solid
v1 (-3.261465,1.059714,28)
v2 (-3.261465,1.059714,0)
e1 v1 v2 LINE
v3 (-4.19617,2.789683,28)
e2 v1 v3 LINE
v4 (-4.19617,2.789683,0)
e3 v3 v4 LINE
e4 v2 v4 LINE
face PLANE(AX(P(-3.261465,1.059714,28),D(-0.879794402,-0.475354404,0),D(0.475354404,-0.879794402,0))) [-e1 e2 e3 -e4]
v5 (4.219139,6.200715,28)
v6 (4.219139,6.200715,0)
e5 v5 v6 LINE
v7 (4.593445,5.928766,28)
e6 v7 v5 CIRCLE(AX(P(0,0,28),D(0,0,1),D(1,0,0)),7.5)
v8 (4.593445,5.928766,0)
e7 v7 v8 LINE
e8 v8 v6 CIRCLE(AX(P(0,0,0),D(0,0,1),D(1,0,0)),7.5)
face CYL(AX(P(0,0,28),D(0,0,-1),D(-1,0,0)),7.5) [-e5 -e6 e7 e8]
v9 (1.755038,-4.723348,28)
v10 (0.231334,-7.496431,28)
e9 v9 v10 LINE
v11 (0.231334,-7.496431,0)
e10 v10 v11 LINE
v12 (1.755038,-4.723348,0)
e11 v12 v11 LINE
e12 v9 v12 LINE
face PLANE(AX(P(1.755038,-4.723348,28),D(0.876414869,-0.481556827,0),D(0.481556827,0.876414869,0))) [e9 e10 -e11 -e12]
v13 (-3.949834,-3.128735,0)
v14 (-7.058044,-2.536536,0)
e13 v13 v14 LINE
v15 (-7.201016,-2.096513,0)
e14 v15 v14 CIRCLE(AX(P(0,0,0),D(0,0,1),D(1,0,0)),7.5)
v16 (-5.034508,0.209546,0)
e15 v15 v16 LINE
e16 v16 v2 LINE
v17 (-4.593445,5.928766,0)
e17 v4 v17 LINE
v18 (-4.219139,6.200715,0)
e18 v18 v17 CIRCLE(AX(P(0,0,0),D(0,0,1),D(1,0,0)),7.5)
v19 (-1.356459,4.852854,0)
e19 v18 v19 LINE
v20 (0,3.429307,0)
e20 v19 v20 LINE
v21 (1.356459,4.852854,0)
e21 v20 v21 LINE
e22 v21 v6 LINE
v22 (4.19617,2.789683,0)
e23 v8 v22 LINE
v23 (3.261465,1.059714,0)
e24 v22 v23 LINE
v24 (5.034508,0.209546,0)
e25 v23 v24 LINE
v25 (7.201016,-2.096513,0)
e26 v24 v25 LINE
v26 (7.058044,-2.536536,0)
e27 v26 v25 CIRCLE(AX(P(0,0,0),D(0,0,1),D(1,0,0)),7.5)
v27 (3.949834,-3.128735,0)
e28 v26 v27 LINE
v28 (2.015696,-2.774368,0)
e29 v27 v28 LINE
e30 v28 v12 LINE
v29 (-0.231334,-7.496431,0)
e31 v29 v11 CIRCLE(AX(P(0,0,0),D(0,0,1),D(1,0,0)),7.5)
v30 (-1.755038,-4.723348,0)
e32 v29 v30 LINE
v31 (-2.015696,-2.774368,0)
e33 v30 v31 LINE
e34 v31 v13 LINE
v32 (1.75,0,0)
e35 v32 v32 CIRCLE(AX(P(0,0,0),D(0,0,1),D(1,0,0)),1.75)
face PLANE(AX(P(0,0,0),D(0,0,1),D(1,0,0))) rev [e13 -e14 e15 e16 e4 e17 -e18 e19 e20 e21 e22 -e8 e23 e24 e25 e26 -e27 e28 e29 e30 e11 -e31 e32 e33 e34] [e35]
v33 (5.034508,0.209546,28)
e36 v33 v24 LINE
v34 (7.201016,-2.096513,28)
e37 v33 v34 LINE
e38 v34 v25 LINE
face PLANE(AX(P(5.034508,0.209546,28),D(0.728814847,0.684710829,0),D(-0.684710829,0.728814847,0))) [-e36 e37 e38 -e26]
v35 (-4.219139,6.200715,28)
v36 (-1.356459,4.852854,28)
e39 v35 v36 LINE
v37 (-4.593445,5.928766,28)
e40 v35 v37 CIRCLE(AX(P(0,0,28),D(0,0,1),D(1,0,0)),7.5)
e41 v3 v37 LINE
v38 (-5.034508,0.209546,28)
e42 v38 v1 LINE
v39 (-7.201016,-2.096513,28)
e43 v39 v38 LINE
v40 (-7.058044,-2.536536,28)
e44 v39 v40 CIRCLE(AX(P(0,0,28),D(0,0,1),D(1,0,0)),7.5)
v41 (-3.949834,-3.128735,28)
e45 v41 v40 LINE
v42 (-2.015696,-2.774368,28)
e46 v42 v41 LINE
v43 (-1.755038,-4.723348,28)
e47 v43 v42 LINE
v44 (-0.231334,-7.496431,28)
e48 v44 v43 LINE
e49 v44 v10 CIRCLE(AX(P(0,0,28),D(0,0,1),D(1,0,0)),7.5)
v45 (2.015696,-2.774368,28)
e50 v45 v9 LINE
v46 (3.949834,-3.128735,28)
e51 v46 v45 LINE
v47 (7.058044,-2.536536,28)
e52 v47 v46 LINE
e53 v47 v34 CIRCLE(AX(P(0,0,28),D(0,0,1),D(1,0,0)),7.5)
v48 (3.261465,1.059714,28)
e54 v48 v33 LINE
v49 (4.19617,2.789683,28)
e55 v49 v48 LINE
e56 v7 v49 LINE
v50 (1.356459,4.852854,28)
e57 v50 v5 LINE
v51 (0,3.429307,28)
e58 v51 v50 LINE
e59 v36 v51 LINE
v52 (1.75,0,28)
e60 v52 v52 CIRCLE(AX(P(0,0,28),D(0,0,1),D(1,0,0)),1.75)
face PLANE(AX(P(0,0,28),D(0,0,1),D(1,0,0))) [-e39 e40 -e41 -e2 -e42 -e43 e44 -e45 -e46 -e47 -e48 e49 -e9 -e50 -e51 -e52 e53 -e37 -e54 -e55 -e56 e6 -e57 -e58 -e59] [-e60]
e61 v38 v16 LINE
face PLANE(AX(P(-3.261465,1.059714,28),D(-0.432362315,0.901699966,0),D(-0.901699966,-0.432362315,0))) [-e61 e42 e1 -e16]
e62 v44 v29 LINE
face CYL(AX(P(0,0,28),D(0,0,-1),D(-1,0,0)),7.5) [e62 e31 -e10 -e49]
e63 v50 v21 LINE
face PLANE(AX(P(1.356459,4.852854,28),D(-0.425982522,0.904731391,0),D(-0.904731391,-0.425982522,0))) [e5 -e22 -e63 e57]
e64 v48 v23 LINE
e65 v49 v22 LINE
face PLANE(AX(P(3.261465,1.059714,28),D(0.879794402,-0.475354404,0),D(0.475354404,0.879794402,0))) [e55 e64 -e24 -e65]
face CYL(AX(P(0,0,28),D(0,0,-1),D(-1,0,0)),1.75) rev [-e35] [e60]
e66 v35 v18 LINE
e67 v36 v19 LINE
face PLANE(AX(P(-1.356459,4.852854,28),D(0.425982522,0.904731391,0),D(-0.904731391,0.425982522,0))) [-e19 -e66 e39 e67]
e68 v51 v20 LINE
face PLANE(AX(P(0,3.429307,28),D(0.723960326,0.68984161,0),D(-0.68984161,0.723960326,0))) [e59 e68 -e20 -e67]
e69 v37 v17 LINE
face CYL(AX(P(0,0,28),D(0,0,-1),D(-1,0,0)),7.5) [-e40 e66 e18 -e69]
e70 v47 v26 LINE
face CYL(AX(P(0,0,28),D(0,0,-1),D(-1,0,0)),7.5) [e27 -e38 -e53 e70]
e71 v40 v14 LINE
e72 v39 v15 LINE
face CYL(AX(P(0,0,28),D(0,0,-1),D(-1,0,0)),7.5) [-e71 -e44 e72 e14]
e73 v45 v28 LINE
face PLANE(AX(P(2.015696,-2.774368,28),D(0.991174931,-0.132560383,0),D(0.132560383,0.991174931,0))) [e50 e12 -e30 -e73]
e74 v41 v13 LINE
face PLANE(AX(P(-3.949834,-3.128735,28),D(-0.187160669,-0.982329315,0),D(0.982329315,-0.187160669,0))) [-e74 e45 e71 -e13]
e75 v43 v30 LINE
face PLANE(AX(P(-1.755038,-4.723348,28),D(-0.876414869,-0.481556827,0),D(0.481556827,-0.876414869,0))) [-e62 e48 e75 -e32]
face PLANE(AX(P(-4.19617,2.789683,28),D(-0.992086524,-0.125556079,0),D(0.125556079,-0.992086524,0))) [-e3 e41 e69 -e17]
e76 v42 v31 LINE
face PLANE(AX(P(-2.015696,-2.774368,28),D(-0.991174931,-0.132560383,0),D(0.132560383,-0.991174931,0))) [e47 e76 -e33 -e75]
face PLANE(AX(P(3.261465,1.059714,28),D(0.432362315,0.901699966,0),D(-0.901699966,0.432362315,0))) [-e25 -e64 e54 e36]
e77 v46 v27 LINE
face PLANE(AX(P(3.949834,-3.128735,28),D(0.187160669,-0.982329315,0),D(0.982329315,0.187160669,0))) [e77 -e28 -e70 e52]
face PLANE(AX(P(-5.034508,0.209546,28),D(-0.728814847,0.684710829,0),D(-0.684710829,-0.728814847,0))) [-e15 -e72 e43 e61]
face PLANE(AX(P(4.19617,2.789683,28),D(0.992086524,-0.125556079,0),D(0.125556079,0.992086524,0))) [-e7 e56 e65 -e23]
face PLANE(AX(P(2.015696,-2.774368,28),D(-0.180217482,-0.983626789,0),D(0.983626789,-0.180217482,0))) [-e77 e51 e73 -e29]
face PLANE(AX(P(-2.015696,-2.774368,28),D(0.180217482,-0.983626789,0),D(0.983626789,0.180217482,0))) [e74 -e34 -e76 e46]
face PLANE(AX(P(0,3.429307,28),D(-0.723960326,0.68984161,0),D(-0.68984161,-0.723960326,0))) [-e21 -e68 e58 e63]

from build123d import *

# Parameters (mm, degrees)
SKETCH1_R           = 7.5
SKETCH1_R_2         = 1.75
BOSS_EXTRUDE1_DEPTH = 28
CUT_EXTRUDE1_DEPTH  = 30.941609843
CIRPATTERN1_COUNT   = 5


with BuildPart() as part:
    # Sketch1 → Boss-Extrude1 (new body)
    with BuildSketch(Plane.XY):
        Circle(SKETCH1_R)
        Circle(SKETCH1_R_2, mode=Mode.SUBTRACT)
    extrude(amount=BOSS_EXTRUDE1_DEPTH)

    # Sketch2 → Cut-Extrude1 (cut, through all)
    with BuildSketch(Plane.XY):
        Polygon((0, 3.429306859), (-1.35645876, 4.852854397), (-4.219139018, 6.200714954), (0, 11.25164702), (4.219139018, 6.200714954), (1.35645876, 4.852854397), align=None)
    cut_extrude1 = extrude(amount=CUT_EXTRUDE1_DEPTH, mode=Mode.SUBTRACT)

    # CirPattern1: Cut-Extrude1 ×5 about axis
    cirpattern1_axis = Axis((0, 0, 0), (0, 0, 1))
    for i in range(1, CIRPATTERN1_COUNT):
        add(cut_extrude1.rotate(cirpattern1_axis, i * 360 / CIRPATTERN1_COUNT), mode=Mode.SUBTRACT)


solid = part.part
